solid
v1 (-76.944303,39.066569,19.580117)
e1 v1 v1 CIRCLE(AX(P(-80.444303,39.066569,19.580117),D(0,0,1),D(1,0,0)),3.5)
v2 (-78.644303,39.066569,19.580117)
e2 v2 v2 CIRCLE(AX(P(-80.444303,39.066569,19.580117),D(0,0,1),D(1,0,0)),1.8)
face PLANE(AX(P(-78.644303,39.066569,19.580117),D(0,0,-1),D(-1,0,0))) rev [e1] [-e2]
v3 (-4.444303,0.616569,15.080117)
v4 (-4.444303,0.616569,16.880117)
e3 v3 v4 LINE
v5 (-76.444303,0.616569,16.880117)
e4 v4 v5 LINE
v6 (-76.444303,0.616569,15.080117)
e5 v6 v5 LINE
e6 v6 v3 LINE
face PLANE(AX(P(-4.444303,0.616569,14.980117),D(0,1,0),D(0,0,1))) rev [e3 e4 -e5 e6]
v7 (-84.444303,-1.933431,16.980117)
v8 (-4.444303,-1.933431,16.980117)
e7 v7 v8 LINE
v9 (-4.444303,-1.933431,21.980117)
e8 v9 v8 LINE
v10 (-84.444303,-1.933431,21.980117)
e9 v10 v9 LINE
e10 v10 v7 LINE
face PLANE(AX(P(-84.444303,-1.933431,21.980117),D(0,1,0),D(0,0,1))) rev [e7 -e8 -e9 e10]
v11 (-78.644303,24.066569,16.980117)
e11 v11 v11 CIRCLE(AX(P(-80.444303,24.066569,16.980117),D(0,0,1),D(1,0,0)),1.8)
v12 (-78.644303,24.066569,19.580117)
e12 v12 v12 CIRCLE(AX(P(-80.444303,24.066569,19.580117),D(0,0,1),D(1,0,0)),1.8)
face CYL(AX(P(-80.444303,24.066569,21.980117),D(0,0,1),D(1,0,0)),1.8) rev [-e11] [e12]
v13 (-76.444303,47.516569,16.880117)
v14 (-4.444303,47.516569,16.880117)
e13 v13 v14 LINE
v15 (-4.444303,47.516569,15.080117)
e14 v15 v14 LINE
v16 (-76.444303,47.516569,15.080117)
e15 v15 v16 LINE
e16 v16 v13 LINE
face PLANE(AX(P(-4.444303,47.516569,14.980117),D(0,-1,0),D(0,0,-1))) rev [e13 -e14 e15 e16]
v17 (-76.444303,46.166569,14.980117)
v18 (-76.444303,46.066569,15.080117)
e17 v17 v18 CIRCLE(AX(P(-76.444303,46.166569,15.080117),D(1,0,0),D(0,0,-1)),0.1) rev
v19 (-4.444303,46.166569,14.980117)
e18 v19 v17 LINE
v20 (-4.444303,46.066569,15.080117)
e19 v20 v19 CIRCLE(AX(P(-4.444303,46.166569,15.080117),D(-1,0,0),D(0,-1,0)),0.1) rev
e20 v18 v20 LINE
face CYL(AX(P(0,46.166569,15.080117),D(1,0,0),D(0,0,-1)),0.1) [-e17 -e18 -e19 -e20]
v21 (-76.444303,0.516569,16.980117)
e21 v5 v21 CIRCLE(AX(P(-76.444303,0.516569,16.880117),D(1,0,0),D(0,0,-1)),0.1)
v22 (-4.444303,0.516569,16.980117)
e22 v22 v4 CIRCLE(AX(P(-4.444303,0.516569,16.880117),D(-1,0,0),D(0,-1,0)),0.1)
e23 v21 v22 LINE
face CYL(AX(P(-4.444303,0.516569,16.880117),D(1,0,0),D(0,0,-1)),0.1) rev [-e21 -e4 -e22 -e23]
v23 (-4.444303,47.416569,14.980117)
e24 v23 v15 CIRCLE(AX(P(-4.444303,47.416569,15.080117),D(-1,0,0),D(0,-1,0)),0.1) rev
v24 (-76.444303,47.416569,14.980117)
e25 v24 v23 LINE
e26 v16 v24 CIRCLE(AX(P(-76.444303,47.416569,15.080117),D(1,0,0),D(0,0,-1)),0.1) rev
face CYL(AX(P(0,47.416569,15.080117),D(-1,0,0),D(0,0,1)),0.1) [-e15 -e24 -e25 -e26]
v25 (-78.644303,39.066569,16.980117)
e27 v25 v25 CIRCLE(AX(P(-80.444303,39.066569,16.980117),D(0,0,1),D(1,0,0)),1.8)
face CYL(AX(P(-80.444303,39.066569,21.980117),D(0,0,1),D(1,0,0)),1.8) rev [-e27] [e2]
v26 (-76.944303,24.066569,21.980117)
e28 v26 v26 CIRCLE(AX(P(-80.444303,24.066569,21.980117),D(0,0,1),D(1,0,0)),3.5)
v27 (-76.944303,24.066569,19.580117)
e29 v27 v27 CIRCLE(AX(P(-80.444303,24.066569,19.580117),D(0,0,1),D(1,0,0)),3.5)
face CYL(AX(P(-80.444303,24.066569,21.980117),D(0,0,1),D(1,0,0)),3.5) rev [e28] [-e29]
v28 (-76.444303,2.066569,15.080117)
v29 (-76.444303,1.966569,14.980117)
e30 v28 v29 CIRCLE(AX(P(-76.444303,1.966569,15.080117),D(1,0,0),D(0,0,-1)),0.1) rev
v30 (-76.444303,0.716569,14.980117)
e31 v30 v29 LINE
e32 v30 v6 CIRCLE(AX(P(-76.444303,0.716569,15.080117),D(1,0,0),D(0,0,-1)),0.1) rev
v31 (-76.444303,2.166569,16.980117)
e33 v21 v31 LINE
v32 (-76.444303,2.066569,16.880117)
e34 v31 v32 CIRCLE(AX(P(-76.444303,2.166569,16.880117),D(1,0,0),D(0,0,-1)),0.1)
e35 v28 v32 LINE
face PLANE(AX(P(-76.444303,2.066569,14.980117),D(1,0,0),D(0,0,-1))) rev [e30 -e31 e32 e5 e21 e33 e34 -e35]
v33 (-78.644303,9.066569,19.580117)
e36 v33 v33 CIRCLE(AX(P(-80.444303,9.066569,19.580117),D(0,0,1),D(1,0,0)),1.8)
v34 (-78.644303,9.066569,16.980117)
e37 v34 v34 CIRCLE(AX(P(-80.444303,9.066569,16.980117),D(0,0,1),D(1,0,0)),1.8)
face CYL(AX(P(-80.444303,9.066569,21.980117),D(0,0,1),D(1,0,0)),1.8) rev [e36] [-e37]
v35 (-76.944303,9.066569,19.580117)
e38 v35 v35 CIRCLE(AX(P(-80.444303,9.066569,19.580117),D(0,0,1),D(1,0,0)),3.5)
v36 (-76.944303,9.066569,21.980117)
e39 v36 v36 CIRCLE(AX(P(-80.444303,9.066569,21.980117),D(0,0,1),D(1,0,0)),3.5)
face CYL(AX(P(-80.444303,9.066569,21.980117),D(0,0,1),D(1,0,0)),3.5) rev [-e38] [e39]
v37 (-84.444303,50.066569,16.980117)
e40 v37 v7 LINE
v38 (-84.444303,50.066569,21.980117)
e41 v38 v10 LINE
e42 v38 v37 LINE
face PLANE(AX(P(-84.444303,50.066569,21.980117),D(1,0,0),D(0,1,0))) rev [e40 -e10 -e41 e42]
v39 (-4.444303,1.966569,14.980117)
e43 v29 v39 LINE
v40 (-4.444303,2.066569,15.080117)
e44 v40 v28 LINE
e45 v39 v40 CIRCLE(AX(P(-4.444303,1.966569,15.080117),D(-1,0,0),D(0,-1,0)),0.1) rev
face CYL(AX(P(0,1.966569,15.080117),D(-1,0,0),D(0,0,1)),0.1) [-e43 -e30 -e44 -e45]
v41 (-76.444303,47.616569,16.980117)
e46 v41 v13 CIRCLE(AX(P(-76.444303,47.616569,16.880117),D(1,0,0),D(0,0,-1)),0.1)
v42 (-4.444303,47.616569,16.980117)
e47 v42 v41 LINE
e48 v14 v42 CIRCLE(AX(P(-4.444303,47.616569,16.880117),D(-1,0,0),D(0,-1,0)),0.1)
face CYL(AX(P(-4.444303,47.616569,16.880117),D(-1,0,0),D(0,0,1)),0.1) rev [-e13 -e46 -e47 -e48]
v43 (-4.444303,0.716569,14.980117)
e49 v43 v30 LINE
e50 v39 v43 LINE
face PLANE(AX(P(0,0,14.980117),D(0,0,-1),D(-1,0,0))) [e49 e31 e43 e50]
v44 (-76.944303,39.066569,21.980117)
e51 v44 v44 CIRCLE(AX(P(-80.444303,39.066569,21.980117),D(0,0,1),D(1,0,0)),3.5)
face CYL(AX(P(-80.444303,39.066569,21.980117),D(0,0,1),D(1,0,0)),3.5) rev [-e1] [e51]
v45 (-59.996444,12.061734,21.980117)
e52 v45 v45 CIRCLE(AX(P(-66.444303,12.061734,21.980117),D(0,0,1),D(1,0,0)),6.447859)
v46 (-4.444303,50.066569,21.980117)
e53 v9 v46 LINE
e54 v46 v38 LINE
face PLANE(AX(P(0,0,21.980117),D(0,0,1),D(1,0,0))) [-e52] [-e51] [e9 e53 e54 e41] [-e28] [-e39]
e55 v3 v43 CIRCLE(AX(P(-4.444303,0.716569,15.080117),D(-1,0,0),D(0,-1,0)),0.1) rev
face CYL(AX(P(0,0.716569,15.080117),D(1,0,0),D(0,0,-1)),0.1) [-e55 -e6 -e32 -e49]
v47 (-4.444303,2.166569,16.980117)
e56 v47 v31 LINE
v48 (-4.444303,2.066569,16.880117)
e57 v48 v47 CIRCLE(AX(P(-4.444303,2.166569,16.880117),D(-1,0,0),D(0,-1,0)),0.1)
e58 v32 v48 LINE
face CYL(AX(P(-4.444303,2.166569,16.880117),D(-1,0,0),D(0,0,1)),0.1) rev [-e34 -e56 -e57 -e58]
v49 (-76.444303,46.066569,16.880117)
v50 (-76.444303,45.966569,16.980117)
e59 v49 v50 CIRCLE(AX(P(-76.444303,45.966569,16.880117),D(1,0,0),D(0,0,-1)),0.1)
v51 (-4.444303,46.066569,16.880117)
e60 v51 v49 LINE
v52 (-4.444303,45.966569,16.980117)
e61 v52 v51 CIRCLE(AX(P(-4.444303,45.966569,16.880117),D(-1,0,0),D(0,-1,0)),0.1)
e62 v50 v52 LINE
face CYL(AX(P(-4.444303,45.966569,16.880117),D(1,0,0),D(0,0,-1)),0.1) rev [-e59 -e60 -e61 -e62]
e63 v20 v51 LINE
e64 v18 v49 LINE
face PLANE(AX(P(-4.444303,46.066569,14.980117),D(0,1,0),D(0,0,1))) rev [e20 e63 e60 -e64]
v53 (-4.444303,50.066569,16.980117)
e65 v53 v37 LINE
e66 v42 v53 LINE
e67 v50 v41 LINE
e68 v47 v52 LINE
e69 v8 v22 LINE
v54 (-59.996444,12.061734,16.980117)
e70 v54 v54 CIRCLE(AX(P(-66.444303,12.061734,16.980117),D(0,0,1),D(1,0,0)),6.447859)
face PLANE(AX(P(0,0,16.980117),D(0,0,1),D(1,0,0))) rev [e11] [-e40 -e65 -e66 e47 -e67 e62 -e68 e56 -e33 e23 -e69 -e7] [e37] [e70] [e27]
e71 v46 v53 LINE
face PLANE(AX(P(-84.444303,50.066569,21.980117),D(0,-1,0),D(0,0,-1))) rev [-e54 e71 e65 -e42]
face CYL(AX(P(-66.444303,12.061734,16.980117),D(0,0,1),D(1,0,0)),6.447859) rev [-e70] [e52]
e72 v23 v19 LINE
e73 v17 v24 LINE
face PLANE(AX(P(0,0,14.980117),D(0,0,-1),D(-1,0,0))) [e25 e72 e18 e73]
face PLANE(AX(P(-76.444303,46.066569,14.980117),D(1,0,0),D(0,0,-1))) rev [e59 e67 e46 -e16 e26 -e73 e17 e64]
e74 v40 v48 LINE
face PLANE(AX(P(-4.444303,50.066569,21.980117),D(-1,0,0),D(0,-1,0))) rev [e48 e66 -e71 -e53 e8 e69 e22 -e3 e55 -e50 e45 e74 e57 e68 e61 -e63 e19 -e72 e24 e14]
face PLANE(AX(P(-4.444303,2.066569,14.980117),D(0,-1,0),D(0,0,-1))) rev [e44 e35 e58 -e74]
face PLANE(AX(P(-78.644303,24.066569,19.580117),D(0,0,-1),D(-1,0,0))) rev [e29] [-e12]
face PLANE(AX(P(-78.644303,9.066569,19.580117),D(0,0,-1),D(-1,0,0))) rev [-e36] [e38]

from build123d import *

# Parameters (mm, degrees)
ESQUISSE1_W                                        = 80
ESQUISSE1_H                                        = 52
BOSS_EXTRU_1_DEPTH                                 = 5
ESQUISSE2_R                                        = 6.447859464
ENL_V_MAT_EXTRU_1_DEPTH                            = 5
CHAMBRAGE_POUR_VIS_T_TE_RONDE_BOMB_E_M_D           = 3.6
CHAMBRAGE_POUR_VIS_T_TE_RONDE_BOMB_E_M_CBORE_D     = 7
CHAMBRAGE_POUR_VIS_T_TE_RONDE_BOMB_E_M_CBORE_DEPTH = 2.4
ESQUISSE5_W                                        = 72
ESQUISSE5_H                                        = 1.45
BOSS_EXTRU_2_DEPTH                                 = 2
CONG_1_R                                           = 0.1


with BuildPart() as part:
    # Esquisse1 → Boss.-Extru.1 (new body)
    with BuildSketch(Plane.XY.offset(16.98011664)):
        with Locations((-44.444303066, 24.066569306)):
            Rectangle(ESQUISSE1_W, ESQUISSE1_H)
    extrude(amount=BOSS_EXTRU_1_DEPTH)

    # Esquisse2 → Enlèv. mat.-Extru.1 (cut)
    with BuildSketch(Plane.XY.offset(21.98011664)):
        with Locations((-66.444303066, 12.061734253)):
            Circle(ESQUISSE2_R)
    extrude(amount=-ENL_V_MAT_EXTRU_1_DEPTH, mode=Mode.SUBTRACT)

    # Chambrage pour vis à tête ronde bombée M34 (through all)
    with Locations(Plane.XY.offset(21.98011664)):
        with Locations((-80.444303066, 9.066569306), (-80.444303066, 24.066569306), (-80.444303066, 39.066569306)):
            CounterBoreHole(CHAMBRAGE_POUR_VIS_T_TE_RONDE_BOMB_E_M_D / 2, CHAMBRAGE_POUR_VIS_T_TE_RONDE_BOMB_E_M_CBORE_D / 2, CHAMBRAGE_POUR_VIS_T_TE_RONDE_BOMB_E_M_CBORE_DEPTH)

    # Esquisse5 → Boss.-Extru.2 (add)
    with BuildSketch(Plane(origin=(0, 0, 16.98011664), x_dir=(-1, 0, 0), z_dir=(0, 0, -1))):
        with Locations((40.444303066, 1.341569306)):
            Rectangle(ESQUISSE5_W, ESQUISSE5_H)
        with Locations((40.444303066, 46.791569306)):
            Rectangle(ESQUISSE5_W, ESQUISSE5_H)
    extrude(amount=BOSS_EXTRU_2_DEPTH)

    # Congé1
    cong_1_edges = [part.edges().sort_by_distance(p)[0] for p in [
        (-40.444303066, 0.616569306, 16.98011664),
        (-40.444303066, 2.066569306, 16.98011664),
        (-40.444303066, 0.616569306, 14.98011664),
        (-40.444303066, 2.066569306, 14.98011664),
        (-40.444303066, 46.066569306, 16.98011664),
        (-40.444303066, 47.516569306, 16.98011664),
        (-40.444303066, 46.066569306, 14.98011664),
        (-40.444303066, 47.516569306, 14.98011664),
    ]]
    fillet(cong_1_edges, radius=CONG_1_R)


solid = part.part
